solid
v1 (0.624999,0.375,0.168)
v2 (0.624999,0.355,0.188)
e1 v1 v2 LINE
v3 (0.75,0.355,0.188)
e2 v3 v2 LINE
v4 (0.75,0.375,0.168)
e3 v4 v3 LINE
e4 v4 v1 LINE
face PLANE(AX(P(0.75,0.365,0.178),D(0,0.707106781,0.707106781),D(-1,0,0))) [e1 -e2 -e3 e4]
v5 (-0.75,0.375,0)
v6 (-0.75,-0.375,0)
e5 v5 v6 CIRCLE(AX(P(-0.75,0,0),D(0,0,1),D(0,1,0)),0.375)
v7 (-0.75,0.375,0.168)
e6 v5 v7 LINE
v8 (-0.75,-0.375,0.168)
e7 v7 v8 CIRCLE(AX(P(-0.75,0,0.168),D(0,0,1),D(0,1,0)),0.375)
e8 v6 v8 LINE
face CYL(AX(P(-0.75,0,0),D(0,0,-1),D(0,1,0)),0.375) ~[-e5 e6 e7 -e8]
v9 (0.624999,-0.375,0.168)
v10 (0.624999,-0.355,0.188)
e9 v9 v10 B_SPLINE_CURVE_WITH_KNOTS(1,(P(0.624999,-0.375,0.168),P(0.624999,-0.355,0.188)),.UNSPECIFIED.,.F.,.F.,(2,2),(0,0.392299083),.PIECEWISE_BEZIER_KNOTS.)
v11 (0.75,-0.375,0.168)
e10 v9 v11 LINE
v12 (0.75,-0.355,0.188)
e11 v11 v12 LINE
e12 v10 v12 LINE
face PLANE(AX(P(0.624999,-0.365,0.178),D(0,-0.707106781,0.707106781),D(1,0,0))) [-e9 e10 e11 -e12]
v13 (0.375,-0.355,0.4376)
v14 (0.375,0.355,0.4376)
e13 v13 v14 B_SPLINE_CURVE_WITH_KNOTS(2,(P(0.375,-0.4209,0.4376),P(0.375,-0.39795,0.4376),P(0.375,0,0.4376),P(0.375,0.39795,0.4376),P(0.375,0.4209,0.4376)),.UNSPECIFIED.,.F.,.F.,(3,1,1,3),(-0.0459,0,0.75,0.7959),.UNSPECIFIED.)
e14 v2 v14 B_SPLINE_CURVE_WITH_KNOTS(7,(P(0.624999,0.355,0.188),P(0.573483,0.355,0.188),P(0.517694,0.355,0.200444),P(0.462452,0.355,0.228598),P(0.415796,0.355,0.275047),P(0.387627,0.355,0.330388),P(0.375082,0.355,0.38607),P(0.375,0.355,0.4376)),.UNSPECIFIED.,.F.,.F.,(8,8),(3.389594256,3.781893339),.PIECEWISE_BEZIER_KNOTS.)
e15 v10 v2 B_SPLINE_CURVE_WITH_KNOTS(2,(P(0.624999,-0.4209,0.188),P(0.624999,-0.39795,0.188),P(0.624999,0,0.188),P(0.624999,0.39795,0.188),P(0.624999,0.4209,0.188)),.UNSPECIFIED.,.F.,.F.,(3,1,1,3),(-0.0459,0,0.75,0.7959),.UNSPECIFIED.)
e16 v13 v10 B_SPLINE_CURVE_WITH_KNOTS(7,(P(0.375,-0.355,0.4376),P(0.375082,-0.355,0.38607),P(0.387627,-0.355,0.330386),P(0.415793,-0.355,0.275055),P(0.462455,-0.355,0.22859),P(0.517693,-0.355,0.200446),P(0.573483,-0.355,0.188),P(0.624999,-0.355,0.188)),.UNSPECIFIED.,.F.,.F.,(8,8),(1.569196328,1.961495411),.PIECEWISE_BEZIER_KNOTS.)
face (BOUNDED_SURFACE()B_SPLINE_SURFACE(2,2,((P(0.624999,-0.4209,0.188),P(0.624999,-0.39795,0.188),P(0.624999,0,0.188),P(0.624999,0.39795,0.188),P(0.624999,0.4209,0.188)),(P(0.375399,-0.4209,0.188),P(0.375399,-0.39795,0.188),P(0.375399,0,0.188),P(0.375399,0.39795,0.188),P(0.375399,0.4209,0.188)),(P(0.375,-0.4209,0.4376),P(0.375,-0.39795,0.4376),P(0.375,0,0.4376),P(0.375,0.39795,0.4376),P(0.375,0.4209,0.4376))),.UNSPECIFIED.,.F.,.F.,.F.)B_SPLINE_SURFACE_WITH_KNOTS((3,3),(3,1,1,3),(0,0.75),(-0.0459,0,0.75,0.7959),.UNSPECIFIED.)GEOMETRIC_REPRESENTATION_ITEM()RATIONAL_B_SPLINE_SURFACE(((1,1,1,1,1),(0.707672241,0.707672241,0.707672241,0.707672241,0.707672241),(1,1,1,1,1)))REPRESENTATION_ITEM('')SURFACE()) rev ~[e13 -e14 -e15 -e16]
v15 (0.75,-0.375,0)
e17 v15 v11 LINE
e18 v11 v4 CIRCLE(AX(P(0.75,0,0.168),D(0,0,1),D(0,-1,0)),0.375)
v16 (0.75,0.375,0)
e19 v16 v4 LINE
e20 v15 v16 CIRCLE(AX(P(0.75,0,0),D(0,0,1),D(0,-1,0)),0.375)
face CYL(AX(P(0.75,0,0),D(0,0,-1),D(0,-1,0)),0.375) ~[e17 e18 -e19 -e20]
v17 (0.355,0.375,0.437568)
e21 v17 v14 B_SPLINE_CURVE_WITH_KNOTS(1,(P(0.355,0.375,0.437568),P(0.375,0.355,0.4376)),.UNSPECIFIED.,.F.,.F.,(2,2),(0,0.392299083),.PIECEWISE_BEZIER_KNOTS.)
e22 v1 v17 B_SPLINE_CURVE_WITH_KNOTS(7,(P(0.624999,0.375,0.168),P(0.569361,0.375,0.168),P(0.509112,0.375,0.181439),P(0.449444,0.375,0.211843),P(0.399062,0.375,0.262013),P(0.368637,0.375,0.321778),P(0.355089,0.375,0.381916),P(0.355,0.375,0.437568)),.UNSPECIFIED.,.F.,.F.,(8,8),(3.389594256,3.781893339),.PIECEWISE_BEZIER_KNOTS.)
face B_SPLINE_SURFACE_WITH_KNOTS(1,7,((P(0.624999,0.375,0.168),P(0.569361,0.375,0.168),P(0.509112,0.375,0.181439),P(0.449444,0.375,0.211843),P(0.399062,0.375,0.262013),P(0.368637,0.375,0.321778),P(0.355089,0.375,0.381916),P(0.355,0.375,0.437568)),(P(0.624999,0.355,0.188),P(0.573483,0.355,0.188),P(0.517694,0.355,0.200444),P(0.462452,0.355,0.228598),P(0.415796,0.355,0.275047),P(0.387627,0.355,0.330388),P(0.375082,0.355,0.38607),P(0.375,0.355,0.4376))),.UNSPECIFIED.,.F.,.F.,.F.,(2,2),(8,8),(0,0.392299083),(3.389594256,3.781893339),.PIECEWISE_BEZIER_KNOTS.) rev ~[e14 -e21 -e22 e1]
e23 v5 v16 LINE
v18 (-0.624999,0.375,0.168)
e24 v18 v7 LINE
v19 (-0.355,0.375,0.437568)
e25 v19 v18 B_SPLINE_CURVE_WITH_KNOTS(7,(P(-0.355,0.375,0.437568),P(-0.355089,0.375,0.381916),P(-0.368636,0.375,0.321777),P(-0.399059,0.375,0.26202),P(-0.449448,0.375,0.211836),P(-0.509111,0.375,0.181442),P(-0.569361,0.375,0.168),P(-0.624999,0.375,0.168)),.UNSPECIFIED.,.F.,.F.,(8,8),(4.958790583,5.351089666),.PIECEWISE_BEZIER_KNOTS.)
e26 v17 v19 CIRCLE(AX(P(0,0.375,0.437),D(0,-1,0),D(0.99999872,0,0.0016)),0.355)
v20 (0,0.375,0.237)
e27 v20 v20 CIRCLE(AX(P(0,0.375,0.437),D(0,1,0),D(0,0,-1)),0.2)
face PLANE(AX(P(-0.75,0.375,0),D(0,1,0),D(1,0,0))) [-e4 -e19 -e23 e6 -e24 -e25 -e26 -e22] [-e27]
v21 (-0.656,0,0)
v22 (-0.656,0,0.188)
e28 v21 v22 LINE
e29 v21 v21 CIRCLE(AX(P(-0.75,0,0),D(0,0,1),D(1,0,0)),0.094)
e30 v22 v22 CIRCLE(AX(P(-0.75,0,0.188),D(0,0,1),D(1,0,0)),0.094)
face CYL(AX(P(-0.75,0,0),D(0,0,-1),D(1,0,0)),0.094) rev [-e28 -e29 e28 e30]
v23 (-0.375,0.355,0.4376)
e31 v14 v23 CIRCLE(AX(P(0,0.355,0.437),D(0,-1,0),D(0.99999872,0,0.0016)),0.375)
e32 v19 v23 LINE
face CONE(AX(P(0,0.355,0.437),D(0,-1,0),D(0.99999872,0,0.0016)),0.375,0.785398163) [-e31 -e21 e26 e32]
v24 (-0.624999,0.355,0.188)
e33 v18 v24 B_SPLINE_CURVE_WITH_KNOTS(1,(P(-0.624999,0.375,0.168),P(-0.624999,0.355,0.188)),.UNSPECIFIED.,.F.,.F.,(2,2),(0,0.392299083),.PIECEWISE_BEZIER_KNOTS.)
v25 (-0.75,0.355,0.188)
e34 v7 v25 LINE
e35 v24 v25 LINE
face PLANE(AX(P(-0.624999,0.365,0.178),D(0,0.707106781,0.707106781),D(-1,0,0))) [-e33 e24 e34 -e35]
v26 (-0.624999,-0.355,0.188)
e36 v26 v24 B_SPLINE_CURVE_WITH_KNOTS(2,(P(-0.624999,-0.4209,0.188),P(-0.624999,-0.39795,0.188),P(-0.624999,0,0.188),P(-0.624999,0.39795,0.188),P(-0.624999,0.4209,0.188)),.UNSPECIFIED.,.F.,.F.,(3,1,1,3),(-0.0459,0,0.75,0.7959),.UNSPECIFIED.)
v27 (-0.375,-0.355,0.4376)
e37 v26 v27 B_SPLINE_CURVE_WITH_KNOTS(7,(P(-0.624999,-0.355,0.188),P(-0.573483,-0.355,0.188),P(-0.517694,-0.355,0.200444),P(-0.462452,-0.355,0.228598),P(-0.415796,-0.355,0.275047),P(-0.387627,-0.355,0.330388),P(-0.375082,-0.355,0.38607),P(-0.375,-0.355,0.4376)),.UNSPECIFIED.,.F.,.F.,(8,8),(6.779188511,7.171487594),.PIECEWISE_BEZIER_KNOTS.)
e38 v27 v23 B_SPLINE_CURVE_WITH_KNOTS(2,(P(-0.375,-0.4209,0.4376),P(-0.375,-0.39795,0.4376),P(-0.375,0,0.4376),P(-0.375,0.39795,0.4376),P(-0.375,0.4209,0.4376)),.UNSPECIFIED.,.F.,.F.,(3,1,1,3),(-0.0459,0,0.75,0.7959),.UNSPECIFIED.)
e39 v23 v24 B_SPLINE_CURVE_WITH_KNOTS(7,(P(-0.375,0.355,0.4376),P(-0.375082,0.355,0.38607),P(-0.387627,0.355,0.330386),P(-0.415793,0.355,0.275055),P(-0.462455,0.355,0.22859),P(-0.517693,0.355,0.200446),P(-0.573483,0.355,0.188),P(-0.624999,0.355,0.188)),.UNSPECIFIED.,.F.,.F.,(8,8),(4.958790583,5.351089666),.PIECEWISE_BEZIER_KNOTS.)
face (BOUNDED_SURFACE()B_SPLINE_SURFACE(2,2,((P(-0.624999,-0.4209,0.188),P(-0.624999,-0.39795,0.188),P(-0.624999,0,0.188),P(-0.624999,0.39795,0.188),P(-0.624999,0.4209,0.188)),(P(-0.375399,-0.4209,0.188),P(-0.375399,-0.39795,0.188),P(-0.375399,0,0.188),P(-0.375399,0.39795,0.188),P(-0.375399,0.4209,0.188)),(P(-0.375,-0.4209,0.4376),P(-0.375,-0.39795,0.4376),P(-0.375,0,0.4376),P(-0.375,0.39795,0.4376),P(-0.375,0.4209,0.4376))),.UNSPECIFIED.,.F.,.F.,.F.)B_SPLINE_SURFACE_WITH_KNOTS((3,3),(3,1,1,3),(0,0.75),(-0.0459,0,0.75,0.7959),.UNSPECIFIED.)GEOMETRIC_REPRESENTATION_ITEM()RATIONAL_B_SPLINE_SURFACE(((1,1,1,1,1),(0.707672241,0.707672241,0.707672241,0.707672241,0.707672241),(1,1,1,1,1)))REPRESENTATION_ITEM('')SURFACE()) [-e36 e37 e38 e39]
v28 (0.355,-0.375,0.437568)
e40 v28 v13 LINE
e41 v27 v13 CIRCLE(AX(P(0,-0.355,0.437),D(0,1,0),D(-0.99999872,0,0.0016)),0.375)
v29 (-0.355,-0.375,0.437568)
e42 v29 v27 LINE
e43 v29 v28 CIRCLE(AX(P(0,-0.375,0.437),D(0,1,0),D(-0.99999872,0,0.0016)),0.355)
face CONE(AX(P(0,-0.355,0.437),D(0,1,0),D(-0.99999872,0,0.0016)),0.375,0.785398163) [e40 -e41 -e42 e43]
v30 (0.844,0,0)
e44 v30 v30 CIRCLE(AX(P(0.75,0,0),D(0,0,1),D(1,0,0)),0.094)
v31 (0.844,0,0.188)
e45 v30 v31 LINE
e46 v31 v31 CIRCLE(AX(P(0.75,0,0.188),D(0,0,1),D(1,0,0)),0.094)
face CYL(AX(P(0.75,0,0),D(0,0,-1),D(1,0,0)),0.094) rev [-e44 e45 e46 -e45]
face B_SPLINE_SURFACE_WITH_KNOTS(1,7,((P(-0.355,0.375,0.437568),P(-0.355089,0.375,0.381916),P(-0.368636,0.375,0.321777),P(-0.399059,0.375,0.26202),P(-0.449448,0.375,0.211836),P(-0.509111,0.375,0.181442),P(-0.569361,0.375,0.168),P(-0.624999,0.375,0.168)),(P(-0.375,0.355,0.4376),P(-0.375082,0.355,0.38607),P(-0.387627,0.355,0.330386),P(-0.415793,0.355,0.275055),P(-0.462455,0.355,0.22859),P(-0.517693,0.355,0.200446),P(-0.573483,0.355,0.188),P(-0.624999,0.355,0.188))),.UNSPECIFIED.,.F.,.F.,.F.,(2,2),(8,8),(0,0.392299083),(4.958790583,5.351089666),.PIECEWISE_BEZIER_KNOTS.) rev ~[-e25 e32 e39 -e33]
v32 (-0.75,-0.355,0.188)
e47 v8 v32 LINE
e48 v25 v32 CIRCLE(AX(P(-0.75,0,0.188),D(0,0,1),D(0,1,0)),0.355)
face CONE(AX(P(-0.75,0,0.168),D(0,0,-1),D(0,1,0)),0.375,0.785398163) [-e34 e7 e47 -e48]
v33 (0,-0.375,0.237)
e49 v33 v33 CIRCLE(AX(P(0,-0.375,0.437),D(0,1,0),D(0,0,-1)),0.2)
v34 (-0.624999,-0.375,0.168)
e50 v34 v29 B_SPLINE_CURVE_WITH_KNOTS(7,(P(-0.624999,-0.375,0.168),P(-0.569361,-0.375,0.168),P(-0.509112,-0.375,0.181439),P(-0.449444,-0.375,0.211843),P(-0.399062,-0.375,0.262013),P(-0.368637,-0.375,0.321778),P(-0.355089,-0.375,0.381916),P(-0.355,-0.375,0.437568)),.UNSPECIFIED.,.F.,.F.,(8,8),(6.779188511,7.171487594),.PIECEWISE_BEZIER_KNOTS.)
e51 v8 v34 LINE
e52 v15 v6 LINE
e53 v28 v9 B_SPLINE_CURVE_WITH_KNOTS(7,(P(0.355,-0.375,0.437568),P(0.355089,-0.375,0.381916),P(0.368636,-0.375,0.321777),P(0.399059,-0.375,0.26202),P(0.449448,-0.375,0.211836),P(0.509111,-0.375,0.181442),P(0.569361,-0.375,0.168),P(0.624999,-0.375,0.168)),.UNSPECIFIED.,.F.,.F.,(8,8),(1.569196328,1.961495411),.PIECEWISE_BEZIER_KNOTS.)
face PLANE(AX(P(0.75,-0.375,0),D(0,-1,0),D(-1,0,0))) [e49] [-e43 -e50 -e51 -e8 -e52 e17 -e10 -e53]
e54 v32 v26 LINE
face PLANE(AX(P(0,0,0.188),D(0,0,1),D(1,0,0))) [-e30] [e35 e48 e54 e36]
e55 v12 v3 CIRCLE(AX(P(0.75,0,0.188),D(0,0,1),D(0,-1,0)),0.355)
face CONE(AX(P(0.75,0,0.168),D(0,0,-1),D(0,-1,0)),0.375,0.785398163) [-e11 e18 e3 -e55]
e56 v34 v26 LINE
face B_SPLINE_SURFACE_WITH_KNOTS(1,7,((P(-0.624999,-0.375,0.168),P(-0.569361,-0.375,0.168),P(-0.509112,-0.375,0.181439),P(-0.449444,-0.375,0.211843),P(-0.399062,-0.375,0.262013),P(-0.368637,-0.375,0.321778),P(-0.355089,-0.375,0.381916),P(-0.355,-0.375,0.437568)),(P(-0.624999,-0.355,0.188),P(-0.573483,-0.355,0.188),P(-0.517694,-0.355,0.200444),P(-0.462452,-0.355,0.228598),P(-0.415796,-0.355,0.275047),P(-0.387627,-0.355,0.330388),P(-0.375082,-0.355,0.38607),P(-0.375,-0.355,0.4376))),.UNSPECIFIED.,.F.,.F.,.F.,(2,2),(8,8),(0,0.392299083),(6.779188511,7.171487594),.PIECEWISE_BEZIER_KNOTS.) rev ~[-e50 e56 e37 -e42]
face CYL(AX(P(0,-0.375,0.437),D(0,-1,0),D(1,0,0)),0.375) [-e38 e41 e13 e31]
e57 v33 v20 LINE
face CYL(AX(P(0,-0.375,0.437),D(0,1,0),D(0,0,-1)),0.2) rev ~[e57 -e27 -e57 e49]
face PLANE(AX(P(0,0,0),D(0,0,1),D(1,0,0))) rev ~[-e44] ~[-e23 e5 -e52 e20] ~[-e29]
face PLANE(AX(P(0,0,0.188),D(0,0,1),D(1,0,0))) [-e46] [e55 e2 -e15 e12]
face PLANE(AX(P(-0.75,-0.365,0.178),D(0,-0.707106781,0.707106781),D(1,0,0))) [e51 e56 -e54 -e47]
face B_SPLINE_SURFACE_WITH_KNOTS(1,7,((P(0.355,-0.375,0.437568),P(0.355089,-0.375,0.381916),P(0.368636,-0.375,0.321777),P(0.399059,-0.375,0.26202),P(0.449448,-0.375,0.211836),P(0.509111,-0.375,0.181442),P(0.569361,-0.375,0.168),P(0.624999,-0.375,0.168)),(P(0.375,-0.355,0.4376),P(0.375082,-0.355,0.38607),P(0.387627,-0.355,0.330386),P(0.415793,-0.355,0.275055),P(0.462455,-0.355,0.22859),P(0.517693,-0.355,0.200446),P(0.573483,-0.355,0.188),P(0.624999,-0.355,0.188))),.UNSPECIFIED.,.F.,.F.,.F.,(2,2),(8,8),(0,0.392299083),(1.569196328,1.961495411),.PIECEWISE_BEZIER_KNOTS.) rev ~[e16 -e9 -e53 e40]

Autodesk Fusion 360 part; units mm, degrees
sketch "Sketch1" plane through (0, 0, 0) normal (0, 0, 1) x (1, 0, 0)
  line L0 (0.75, -0.375) -> (-0.75, -0.375)
  line L1 (-0.75, -0.375) -> (-0.75, 0.375) construction
  line L2 (-0.75, 0.375) -> (0.75, 0.375)
  line L3 (0.75, 0.375) -> (0.75, -0.375) construction
  line L4 (0.75, -0.375) -> (-0.75, 0.375) construction
  line L5 (-0.75, -0.375) -> (0.75, 0.375) construction
  arc A0 (-0.75, 0.375) -> (-0.75, -0.375) centre (-0.75, 0) ccw
  arc A1 (0.75, -0.375) -> (0.75, 0.375) centre (0.75, 0) ccw
  circle A2 centre (-0.75, 0) radius 0.094
  circle A3 centre (0.75, 0) radius 0.094
  dimension "d1" = 1.5
  dimension "d2" = 0.75
  dimension "d3" = 0.188
extrude "Extrude1" add sketch "Sketch1" along normal blind 0.188
sketch "Sketch2" plane through (0, -0.375, 0) normal (0, -1, 0) x (1, 0, 0)
  line L0 (-0.75, 0) -> (0.75, 0)
  line L1 (0.75, 0) -> (0.75, 0.188)
  line L2 (0.75, 0.188) -> (-0.75, 0.188)
  line L3 (-0.75, 0.188) -> (-0.75, 0)
  line L4 (0, 0) -> (0, 0.837) construction
  line L5 (-0.375, 0.437) -> (-0.375, 0.188)
  line L6 (0.375, 0.437) -> (0.375, 0.188)
  arc A0 (0.375, 0.437) -> (-0.375, 0.437) centre (0, 0.437) ccw
  dimension "d6" = 0.75
  dimension "d7" = 0.437
extrude "Extrude2" add sketch "Sketch2" against normal up to surface (0.75 mm away) contours L2 L5 L6 A0
hole "Hole1" at (0, -0.375, 0.437) direction (0, 1, 0) diameter 0.4 end through all
fillet "Fillet1" radius 0.25 2 edges at (0.375, 0, 0.188) (-0.375, 0, 0.188)
chamfer "Chamfer1" distance 0.02 angle 45 12 edges at (-0.4486, -0.375, 0.2609) (-0.6875, -0.375, 0.188) (-1.125, 0, 0.188) (-0.6875, 0.375, 0.188) (-0.4486, 0.375, 0.2609) (0, 0.375, 0.812) (0.4486, 0.375, 0.2609) (0.6875, 0.375, 0.188) (1.125, 0, 0.188) (0.6875, -0.375, 0.188) (0.4486, -0.375, 0.2609) (0, -0.375, 0.812)
